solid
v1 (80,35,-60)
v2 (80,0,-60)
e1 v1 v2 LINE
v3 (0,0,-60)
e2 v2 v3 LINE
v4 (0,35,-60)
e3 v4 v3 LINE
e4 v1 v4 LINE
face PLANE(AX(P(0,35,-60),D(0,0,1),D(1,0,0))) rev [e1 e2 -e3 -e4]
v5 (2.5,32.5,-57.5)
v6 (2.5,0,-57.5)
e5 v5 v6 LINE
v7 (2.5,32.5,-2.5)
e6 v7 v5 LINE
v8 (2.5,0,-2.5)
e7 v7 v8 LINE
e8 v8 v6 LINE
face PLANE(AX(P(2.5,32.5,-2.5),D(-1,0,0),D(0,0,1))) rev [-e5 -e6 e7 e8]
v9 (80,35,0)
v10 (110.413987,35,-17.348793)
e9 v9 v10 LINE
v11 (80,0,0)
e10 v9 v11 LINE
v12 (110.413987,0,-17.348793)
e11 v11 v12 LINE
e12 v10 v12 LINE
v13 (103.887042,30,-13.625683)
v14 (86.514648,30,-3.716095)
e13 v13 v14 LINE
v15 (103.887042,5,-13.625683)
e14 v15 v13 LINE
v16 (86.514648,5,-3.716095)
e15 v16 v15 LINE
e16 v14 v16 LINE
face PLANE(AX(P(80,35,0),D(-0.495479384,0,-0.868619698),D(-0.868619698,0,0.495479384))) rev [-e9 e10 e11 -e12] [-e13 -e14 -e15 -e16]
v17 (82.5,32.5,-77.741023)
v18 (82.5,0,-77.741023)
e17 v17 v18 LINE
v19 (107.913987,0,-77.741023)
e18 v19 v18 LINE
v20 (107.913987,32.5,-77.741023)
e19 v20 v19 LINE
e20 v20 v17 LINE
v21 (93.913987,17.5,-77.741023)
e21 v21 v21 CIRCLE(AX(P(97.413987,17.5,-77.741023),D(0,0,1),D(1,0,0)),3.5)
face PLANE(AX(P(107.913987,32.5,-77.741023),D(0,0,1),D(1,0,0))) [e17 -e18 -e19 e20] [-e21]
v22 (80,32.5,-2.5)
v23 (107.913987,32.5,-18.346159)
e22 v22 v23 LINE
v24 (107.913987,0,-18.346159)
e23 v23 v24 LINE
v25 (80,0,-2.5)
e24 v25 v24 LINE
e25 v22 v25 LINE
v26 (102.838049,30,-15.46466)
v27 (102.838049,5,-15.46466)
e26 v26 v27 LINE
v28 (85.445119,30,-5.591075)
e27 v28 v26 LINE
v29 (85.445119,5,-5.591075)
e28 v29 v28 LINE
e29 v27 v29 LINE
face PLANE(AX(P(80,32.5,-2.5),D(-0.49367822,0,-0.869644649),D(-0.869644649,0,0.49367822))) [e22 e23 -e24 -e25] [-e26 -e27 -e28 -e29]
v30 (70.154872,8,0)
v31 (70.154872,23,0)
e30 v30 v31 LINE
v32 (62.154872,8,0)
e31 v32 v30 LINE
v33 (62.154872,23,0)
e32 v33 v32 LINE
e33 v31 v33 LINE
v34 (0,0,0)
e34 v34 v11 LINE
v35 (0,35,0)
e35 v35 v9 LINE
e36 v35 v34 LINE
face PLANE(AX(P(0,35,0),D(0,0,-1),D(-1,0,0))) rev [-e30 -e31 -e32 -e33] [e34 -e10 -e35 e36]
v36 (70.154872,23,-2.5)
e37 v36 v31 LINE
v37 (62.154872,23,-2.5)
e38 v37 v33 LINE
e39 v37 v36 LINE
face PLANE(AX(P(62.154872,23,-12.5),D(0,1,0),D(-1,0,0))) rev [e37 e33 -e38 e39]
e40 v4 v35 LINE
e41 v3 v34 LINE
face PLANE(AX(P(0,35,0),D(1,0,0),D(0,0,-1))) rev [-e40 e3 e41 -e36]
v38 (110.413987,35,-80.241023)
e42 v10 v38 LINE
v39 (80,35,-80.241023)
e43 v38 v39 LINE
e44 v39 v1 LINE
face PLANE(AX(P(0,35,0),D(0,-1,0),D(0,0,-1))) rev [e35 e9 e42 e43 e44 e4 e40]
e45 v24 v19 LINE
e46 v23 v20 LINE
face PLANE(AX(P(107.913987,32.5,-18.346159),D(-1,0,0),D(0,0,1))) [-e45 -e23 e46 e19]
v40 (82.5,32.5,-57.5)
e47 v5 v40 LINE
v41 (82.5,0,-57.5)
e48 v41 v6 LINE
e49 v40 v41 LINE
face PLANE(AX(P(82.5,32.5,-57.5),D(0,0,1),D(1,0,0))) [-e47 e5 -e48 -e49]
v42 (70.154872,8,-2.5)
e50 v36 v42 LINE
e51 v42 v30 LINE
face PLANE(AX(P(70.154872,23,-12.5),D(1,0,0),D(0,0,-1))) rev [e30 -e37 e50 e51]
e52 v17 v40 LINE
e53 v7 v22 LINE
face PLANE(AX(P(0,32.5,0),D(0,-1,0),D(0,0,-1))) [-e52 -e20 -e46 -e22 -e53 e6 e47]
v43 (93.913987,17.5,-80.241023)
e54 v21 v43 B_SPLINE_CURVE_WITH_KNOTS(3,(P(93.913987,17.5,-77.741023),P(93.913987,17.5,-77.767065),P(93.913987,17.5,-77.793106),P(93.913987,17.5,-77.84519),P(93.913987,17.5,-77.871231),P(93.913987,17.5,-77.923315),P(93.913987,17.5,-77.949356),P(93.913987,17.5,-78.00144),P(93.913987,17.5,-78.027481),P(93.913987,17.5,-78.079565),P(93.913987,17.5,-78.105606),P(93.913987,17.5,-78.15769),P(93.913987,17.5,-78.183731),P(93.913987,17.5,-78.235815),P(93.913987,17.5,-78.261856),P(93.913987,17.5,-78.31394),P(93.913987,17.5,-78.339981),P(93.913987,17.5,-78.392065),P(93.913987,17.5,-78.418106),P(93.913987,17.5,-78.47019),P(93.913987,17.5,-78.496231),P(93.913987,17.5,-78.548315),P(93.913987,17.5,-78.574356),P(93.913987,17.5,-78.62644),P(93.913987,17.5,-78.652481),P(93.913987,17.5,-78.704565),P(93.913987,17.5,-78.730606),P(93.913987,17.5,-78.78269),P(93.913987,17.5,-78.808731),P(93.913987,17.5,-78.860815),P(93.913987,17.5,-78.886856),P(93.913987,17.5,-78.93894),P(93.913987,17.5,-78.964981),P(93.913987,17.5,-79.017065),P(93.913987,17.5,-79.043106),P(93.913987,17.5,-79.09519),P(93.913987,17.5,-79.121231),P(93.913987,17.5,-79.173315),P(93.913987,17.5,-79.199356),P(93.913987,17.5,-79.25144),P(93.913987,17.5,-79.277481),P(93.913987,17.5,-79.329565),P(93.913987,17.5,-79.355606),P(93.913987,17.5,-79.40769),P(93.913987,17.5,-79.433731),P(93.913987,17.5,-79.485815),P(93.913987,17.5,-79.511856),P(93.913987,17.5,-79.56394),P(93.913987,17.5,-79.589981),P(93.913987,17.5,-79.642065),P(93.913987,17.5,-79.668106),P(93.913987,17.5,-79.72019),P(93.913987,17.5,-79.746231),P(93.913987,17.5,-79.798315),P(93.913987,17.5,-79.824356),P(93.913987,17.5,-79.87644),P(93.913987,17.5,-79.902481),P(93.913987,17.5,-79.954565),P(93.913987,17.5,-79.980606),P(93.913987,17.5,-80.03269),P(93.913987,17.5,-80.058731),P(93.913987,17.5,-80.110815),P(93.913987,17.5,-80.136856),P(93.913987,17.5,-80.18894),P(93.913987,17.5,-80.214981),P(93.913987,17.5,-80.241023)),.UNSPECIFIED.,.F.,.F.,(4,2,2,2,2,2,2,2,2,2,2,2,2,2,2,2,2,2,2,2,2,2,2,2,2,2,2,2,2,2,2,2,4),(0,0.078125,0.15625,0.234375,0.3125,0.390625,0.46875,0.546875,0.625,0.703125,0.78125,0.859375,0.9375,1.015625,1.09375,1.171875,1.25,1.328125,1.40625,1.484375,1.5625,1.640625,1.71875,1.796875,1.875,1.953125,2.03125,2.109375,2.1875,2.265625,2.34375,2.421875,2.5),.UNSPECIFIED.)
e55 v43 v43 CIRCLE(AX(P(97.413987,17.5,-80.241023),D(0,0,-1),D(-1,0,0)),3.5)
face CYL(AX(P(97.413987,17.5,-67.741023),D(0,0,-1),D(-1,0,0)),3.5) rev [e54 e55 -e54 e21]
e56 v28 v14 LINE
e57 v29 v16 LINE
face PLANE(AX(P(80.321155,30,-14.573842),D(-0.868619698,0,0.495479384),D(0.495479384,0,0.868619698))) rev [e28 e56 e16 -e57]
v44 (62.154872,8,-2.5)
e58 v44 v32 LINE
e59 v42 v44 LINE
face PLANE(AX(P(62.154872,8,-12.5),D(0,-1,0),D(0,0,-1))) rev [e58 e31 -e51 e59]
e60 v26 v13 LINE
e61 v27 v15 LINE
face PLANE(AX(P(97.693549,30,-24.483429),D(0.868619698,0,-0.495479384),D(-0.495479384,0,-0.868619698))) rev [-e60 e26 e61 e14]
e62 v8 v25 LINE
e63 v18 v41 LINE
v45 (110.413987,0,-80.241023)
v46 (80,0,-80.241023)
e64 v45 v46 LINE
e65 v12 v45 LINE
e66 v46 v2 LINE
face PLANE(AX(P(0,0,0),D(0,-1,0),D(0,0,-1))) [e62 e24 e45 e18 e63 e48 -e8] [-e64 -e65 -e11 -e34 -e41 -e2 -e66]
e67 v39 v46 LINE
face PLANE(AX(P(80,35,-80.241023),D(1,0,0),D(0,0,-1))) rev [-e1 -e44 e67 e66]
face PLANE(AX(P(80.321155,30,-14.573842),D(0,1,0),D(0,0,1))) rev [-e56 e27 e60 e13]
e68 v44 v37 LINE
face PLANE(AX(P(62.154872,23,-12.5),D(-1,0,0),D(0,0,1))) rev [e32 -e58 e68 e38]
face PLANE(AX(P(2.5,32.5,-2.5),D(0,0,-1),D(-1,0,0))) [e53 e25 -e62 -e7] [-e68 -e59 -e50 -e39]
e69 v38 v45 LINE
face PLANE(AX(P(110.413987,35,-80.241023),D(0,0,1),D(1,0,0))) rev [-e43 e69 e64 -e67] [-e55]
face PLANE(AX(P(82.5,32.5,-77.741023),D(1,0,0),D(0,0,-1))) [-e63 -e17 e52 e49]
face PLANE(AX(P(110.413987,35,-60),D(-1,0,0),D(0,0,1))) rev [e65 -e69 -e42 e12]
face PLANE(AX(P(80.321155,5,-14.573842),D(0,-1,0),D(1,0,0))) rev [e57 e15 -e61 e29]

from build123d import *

# Parameters (mm, degrees)
Y_KSEKLIK_EKSTR_ZYON1_DEPTH = 35
KES_EKSTR_ZYON2_DEPTH       = 32.5
IZIM6_W                     = 20
IZIM6_H                     = 25
KES_EKSTR_ZYON3_DEPTH       = 12.5
IZIM7_R                     = 3.5
KES_EKSTR_ZYON4_DEPTH       = 12.5
IZIM8_W                     = 8
IZIM8_H                     = 15
KES_EKSTR_ZYON5_DEPTH       = 12.5


with BuildPart() as part:
    # Çizim1 → Yükseklik-Ekstrüzyon1 (new body)
    with BuildSketch(Plane(origin=(0, 0, 0), x_dir=(1, 0, 0), z_dir=(0, 1, 0))):
        Polygon((80, 0), (110.4139872, 17.348793327), (110.4139872, 60), (110.4139872, 80.241023143), (80, 80.241023143), (80, 60), (0, 60), (0, 0), align=None)
    extrude(amount=Y_KSEKLIK_EKSTR_ZYON1_DEPTH)

    # Çizim5 → Kes-Ekstrüzyon2 (cut)
    with BuildSketch(Plane(origin=(0, 0, 0), x_dir=(-1, 0, 0), z_dir=(0, -1, 0))):
        Polygon((-2.5, 2.5), (-80, 2.5), (-107.9139872, 18.34615917), (-107.9139872, 77.741023143), (-82.5, 77.741023143), (-82.5, 57.5), (-80.013539943, 57.5), (-2.5, 57.5), align=None)
    extrude(amount=-KES_EKSTR_ZYON2_DEPTH, mode=Mode.SUBTRACT)

    # Çizim6 → Kes-Ekstrüzyon3 (cut)
    with BuildSketch(Plane(origin=(19.639985559, 0, 34.430652215), x_dir=(0.8686196984341679, 0, -0.4954793835187649), z_dir=(0.4954793835187649, 0, 0.8686196984341679))):
        with Locations((86.989575875, 17.5)):
            Rectangle(IZIM6_W, IZIM6_H)
    extrude(amount=-KES_EKSTR_ZYON3_DEPTH, mode=Mode.SUBTRACT)

    # Çizim7 → Kes-Ekstrüzyon4 (cut)
    with BuildSketch(Plane(origin=(0, 0, -80.241023143), x_dir=(-1, 0, 0), z_dir=(0, 0, -1))):
        with Locations((-97.4139872, 17.5)):
            Circle(IZIM7_R)
    extrude(amount=-KES_EKSTR_ZYON4_DEPTH, mode=Mode.SUBTRACT)

    # Çizim8 → Kes-Ekstrüzyon5 (cut)
    with BuildSketch(Plane.XY):
        with Locations((66.154872496, 15.5)):
            Rectangle(IZIM8_W, IZIM8_H)
    extrude(amount=-KES_EKSTR_ZYON5_DEPTH, mode=Mode.SUBTRACT)


solid = part.part
